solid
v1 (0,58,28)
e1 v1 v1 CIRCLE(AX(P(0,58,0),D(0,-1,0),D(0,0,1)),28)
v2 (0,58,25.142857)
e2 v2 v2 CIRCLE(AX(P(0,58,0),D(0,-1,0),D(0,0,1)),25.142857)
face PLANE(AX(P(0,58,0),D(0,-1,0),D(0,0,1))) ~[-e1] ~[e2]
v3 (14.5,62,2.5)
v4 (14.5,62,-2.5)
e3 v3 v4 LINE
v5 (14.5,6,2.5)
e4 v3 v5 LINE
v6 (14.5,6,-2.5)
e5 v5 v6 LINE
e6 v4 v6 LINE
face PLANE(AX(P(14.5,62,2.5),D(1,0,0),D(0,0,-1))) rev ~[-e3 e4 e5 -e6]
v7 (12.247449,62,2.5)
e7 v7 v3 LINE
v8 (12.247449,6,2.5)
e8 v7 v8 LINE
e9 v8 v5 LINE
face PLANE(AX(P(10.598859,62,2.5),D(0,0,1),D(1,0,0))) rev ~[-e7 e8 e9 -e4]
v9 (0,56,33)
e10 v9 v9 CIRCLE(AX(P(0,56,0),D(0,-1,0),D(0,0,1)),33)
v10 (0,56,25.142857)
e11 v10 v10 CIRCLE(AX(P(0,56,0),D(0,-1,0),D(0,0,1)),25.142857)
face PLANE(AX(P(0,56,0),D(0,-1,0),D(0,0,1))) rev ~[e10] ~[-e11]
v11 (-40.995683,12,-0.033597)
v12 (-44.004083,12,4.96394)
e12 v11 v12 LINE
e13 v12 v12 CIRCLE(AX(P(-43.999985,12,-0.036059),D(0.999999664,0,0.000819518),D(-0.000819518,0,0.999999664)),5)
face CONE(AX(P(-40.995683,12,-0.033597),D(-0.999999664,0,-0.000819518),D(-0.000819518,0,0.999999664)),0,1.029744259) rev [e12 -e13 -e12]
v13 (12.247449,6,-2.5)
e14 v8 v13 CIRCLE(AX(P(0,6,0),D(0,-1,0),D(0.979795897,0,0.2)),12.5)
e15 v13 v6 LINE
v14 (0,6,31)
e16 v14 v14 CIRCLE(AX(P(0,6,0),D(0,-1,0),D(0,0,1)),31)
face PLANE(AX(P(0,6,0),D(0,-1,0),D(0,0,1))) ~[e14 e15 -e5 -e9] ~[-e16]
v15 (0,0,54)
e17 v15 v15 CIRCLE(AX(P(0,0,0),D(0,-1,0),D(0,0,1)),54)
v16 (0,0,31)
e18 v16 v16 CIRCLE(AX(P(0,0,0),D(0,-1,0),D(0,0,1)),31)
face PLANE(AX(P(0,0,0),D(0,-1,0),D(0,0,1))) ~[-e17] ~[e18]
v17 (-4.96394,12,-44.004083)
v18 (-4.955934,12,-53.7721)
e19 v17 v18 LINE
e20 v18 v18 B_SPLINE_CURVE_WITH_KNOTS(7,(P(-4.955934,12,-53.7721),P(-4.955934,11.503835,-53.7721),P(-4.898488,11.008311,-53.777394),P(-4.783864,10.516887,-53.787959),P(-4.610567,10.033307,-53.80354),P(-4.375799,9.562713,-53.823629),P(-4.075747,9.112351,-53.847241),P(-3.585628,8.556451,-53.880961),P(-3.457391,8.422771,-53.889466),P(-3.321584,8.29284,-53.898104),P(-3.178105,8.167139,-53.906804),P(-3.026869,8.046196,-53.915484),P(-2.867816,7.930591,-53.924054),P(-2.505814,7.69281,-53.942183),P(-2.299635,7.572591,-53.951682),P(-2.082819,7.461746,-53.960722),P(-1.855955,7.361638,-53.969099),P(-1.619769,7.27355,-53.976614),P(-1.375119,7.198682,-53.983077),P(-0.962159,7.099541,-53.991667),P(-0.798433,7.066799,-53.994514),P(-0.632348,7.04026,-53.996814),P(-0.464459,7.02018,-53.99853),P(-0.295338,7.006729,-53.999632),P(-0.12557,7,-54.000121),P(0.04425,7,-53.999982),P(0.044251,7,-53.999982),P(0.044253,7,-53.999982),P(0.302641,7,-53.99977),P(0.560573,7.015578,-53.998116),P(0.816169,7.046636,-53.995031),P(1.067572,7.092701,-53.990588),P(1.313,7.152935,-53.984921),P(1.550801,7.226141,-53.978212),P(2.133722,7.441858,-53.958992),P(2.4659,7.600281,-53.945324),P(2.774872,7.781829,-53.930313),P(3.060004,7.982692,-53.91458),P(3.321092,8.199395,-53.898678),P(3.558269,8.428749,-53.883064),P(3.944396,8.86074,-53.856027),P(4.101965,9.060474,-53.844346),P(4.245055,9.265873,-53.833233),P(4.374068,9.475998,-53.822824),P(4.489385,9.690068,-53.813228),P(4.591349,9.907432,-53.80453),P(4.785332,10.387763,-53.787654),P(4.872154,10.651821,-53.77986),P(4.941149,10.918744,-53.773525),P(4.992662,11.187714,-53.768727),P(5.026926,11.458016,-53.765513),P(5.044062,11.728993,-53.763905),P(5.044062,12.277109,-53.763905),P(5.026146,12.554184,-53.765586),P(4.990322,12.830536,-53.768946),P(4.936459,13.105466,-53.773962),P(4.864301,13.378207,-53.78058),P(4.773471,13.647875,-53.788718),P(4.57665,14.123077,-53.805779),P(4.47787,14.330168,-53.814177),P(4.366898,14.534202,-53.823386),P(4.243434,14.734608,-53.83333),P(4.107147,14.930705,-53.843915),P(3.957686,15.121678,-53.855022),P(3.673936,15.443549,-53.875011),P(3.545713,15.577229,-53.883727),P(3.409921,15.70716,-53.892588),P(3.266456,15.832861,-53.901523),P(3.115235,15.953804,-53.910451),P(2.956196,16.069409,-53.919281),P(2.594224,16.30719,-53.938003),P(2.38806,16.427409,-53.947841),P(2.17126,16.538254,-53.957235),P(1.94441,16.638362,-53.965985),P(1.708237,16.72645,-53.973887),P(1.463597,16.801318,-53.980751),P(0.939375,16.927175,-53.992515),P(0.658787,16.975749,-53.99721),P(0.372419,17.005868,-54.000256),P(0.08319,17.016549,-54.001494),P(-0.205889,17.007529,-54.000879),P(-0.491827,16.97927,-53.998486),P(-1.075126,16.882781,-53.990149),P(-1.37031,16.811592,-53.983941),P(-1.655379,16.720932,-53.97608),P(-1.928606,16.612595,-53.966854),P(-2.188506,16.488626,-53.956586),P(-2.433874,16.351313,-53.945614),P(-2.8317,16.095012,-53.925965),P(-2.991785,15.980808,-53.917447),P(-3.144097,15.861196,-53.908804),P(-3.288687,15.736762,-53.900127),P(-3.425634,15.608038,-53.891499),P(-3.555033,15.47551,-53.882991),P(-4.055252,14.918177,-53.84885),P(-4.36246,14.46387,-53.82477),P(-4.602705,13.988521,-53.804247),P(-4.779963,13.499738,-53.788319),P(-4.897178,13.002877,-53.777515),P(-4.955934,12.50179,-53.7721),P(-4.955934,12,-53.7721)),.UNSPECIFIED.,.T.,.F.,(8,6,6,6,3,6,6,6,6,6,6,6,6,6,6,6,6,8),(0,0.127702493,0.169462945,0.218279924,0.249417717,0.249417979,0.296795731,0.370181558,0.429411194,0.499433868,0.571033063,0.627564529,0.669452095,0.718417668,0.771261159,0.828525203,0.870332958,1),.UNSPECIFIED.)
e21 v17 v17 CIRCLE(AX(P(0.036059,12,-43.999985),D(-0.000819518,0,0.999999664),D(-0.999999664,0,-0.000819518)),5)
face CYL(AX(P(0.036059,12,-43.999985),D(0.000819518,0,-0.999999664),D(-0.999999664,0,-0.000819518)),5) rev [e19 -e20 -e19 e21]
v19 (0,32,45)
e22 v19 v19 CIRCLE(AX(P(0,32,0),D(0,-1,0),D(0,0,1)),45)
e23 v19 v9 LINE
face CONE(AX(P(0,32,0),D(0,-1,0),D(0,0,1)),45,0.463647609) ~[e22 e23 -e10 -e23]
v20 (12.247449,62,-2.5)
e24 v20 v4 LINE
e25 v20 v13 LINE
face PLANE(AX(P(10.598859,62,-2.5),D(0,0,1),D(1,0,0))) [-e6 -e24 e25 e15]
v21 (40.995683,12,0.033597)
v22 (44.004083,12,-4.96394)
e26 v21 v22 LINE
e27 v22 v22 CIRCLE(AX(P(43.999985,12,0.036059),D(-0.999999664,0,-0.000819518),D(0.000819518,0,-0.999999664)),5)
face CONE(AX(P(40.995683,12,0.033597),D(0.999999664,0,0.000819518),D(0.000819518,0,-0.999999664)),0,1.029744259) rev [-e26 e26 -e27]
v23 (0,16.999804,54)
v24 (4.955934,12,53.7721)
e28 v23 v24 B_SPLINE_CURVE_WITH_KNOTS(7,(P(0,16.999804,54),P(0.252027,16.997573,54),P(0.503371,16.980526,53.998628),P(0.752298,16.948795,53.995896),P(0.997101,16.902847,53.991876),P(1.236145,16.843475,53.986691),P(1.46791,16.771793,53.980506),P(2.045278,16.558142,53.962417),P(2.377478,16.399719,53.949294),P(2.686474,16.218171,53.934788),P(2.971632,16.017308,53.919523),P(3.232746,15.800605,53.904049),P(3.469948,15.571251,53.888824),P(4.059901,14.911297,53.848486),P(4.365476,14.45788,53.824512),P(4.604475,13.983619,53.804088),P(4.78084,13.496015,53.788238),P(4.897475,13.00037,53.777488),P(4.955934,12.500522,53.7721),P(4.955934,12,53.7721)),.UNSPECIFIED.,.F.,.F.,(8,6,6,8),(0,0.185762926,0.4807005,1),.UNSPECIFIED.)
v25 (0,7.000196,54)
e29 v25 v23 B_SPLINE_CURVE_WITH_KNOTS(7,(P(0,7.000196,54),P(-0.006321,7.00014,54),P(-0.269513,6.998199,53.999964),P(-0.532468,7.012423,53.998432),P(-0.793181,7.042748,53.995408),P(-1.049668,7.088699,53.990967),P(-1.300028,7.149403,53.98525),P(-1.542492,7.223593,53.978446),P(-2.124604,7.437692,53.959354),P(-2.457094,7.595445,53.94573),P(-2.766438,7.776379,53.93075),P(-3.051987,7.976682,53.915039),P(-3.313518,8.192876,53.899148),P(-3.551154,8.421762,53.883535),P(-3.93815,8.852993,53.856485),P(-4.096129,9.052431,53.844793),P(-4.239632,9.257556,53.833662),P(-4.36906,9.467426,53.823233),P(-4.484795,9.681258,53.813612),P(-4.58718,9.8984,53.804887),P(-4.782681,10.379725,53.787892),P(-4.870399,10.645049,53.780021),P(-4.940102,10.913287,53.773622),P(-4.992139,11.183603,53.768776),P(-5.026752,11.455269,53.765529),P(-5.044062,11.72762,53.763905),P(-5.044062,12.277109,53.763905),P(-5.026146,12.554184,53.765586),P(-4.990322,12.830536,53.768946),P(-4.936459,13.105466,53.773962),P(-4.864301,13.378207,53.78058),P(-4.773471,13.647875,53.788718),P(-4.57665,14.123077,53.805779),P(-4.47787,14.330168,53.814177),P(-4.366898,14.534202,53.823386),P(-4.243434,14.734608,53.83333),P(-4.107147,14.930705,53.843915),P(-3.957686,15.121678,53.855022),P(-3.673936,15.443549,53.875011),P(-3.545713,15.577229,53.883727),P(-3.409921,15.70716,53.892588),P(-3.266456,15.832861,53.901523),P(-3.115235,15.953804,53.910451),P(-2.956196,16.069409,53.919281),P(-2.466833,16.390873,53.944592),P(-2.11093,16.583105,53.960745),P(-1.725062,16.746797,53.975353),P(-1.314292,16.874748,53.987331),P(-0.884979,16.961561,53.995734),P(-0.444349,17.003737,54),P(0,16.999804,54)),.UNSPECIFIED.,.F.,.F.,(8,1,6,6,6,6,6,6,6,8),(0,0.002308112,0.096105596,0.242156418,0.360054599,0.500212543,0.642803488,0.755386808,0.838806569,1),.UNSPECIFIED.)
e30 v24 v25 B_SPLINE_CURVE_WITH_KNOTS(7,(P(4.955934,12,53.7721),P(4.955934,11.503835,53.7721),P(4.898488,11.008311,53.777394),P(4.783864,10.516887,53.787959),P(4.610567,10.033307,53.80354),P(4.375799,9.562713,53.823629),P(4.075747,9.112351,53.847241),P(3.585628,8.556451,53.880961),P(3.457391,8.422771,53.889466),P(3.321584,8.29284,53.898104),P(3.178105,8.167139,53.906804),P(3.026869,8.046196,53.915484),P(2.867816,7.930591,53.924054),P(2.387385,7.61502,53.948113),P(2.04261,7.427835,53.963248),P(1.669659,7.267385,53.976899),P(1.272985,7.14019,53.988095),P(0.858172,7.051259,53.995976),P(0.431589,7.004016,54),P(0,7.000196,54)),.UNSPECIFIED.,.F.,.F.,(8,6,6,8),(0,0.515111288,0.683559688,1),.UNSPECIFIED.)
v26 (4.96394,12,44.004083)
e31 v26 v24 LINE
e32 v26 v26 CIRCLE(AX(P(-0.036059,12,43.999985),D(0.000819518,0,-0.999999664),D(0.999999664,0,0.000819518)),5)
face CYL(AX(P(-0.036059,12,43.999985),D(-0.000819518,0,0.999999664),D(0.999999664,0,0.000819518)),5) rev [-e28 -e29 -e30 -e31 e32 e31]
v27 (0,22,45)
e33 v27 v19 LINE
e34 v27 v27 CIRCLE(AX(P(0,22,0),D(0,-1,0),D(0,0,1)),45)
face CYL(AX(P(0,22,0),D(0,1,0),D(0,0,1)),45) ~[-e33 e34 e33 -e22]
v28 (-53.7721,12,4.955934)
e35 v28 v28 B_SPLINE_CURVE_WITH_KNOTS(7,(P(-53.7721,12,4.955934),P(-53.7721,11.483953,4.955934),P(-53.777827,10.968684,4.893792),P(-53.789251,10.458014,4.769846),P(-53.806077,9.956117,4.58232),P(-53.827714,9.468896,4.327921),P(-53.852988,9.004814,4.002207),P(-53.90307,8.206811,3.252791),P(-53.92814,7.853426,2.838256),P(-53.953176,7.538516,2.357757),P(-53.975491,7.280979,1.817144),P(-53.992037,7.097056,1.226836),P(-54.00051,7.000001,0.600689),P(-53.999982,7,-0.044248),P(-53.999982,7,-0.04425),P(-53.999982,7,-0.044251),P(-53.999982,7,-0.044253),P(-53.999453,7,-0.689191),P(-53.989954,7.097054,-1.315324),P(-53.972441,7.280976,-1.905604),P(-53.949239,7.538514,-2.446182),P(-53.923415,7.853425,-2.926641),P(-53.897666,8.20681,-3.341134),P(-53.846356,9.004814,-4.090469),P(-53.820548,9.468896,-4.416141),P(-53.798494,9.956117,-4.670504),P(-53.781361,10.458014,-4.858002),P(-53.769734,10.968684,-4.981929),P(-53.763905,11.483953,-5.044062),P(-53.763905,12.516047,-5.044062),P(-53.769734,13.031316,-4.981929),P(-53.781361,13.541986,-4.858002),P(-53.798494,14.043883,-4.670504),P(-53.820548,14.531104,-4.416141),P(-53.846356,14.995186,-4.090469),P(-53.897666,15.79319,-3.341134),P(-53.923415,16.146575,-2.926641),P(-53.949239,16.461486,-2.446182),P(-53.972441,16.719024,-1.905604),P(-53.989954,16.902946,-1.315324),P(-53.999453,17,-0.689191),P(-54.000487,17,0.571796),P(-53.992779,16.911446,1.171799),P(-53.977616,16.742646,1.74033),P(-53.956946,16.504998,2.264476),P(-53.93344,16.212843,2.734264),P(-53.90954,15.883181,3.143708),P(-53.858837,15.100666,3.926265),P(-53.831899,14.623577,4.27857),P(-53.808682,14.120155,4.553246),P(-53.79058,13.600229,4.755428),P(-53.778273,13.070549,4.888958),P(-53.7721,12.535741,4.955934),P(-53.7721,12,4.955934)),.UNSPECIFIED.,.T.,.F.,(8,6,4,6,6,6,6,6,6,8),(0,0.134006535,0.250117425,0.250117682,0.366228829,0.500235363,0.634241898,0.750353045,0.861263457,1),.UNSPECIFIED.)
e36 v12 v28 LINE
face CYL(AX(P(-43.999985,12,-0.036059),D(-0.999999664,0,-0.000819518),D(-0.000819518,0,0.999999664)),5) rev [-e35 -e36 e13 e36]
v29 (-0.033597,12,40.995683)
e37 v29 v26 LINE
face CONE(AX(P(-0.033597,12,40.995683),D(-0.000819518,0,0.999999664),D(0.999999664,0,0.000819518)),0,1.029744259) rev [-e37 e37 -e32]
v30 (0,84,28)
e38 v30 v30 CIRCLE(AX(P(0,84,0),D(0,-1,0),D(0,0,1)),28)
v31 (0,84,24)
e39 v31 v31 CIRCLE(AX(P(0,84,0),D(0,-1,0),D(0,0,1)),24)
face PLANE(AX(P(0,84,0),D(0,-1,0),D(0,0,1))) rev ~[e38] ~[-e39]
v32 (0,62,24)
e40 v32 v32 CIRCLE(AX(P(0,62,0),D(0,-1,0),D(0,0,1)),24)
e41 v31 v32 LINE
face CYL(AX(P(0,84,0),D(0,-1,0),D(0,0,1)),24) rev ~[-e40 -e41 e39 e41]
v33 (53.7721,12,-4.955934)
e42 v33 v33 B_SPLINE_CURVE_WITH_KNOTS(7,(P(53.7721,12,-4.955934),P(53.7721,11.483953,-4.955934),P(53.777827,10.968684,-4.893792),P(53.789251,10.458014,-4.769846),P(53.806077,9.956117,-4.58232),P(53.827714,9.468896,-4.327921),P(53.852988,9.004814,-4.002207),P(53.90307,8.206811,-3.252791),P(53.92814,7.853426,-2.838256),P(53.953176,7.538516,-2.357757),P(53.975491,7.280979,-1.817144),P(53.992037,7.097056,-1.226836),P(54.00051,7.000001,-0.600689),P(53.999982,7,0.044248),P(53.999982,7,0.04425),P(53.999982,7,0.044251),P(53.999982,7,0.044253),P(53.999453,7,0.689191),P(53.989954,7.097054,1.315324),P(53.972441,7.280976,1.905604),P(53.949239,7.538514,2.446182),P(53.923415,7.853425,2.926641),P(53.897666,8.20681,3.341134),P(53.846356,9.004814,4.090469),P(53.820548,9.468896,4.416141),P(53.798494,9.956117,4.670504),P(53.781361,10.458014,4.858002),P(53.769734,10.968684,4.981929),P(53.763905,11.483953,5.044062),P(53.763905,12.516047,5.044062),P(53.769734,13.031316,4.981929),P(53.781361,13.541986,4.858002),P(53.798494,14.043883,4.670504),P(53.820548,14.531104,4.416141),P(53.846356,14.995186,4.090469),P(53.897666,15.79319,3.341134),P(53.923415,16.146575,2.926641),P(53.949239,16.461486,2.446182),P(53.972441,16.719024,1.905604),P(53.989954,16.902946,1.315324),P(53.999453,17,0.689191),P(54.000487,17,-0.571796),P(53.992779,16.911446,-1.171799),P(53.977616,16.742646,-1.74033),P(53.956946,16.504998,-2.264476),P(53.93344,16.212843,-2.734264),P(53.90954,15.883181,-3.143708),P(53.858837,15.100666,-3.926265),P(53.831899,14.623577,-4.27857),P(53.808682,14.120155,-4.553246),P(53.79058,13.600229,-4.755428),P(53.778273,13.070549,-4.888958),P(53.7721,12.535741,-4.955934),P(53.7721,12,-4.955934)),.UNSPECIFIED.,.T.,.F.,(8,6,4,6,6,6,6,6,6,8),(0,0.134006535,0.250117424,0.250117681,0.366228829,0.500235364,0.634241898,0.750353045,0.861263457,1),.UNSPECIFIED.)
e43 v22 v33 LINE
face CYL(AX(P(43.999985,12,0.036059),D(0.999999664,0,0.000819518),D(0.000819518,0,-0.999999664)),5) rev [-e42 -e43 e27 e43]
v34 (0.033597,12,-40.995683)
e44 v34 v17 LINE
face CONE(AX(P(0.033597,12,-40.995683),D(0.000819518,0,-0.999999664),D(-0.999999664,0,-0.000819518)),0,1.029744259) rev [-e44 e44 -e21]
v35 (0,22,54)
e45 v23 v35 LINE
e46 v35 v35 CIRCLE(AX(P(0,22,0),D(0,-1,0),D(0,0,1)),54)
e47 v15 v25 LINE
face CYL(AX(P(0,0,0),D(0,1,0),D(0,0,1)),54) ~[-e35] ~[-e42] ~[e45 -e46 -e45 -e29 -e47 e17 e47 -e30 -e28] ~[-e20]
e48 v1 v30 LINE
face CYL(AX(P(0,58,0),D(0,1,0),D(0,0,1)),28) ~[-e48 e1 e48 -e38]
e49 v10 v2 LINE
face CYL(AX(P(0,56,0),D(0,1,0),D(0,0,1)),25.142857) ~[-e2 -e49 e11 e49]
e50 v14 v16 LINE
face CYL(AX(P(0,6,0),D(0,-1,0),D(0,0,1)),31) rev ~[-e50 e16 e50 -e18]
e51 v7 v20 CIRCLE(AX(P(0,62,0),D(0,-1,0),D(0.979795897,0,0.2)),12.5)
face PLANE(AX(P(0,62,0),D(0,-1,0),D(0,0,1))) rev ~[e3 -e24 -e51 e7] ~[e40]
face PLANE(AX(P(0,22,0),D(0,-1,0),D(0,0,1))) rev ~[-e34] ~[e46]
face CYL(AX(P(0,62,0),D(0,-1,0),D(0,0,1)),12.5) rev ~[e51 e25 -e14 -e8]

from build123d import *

# Parameters (mm, degrees)
SKETCH2_W          = 3.901140831
SKETCH2_H          = 5
CUT_EXTRUDE1_DEPTH = 99.366661019
CIRPATTERN1_COUNT  = 4


with BuildPart() as part:
    # Sketch1 → Revolve1 (revolve)
    with BuildSketch(Plane.XY, mode=Mode.PRIVATE) as revolve1_sk:
        Polygon((24, 84), (24, 62), (12.5, 62), (12.5, 6), (31, 6), (31, 0), (54, 0), (54, 22), (45, 22), (45, 32), (33, 56), (25.142857143, 56), (25.142857143, 58), (28, 58), (28, 84), align=None)
    revolve(revolve1_sk.sketch.rotate(Axis((0, 70.99827883, 0), (0, -1, 0)), 90), axis=Axis((0, 70.99827883, 0), (0, -1, 0)))

    # Sketch2 → Cut-Extrude1 (cut, through all)
    with BuildSketch(Plane(origin=(0, 62, 0), x_dir=(1, 0, 0), z_dir=(0, 1, 0))):
        with Locations((12.549429585, 0)):
            Rectangle(SKETCH2_W, SKETCH2_H)
    extrude(amount=-CUT_EXTRUDE1_DEPTH, mode=Mode.SUBTRACT)

    # Sketch10 → Ø10.0 (10) Diameter Hole1 (revolve, cut)
    with BuildSketch(Plane(origin=(-0.044253974, 12, 53.999981867), x_dir=(0.99999966419503, 0, 0.0008195180458038231), z_dir=(0, 1, 0))):
        Polygon((0, 0), (0, 13.004303095), (5, 10), (5, 0), align=None)
    f_10_0_10_diameter_hole1 = revolve(axis=Axis((-0.049457914, 12, 60.349979734), (0.000819518045803823, 0, -0.99999966419503)), mode=Mode.SUBTRACT)

    # CirPattern1: Ø10.0 (10) Diameter Hole1 ×4 about axis
    cirpattern1_axis = Axis((0, 0, 0), (0, 1, 0))
    for i in range(1, CIRPATTERN1_COUNT):
        add(f_10_0_10_diameter_hole1.rotate(cirpattern1_axis, i * 360 / CIRPATTERN1_COUNT), mode=Mode.SUBTRACT)


solid = part.part
